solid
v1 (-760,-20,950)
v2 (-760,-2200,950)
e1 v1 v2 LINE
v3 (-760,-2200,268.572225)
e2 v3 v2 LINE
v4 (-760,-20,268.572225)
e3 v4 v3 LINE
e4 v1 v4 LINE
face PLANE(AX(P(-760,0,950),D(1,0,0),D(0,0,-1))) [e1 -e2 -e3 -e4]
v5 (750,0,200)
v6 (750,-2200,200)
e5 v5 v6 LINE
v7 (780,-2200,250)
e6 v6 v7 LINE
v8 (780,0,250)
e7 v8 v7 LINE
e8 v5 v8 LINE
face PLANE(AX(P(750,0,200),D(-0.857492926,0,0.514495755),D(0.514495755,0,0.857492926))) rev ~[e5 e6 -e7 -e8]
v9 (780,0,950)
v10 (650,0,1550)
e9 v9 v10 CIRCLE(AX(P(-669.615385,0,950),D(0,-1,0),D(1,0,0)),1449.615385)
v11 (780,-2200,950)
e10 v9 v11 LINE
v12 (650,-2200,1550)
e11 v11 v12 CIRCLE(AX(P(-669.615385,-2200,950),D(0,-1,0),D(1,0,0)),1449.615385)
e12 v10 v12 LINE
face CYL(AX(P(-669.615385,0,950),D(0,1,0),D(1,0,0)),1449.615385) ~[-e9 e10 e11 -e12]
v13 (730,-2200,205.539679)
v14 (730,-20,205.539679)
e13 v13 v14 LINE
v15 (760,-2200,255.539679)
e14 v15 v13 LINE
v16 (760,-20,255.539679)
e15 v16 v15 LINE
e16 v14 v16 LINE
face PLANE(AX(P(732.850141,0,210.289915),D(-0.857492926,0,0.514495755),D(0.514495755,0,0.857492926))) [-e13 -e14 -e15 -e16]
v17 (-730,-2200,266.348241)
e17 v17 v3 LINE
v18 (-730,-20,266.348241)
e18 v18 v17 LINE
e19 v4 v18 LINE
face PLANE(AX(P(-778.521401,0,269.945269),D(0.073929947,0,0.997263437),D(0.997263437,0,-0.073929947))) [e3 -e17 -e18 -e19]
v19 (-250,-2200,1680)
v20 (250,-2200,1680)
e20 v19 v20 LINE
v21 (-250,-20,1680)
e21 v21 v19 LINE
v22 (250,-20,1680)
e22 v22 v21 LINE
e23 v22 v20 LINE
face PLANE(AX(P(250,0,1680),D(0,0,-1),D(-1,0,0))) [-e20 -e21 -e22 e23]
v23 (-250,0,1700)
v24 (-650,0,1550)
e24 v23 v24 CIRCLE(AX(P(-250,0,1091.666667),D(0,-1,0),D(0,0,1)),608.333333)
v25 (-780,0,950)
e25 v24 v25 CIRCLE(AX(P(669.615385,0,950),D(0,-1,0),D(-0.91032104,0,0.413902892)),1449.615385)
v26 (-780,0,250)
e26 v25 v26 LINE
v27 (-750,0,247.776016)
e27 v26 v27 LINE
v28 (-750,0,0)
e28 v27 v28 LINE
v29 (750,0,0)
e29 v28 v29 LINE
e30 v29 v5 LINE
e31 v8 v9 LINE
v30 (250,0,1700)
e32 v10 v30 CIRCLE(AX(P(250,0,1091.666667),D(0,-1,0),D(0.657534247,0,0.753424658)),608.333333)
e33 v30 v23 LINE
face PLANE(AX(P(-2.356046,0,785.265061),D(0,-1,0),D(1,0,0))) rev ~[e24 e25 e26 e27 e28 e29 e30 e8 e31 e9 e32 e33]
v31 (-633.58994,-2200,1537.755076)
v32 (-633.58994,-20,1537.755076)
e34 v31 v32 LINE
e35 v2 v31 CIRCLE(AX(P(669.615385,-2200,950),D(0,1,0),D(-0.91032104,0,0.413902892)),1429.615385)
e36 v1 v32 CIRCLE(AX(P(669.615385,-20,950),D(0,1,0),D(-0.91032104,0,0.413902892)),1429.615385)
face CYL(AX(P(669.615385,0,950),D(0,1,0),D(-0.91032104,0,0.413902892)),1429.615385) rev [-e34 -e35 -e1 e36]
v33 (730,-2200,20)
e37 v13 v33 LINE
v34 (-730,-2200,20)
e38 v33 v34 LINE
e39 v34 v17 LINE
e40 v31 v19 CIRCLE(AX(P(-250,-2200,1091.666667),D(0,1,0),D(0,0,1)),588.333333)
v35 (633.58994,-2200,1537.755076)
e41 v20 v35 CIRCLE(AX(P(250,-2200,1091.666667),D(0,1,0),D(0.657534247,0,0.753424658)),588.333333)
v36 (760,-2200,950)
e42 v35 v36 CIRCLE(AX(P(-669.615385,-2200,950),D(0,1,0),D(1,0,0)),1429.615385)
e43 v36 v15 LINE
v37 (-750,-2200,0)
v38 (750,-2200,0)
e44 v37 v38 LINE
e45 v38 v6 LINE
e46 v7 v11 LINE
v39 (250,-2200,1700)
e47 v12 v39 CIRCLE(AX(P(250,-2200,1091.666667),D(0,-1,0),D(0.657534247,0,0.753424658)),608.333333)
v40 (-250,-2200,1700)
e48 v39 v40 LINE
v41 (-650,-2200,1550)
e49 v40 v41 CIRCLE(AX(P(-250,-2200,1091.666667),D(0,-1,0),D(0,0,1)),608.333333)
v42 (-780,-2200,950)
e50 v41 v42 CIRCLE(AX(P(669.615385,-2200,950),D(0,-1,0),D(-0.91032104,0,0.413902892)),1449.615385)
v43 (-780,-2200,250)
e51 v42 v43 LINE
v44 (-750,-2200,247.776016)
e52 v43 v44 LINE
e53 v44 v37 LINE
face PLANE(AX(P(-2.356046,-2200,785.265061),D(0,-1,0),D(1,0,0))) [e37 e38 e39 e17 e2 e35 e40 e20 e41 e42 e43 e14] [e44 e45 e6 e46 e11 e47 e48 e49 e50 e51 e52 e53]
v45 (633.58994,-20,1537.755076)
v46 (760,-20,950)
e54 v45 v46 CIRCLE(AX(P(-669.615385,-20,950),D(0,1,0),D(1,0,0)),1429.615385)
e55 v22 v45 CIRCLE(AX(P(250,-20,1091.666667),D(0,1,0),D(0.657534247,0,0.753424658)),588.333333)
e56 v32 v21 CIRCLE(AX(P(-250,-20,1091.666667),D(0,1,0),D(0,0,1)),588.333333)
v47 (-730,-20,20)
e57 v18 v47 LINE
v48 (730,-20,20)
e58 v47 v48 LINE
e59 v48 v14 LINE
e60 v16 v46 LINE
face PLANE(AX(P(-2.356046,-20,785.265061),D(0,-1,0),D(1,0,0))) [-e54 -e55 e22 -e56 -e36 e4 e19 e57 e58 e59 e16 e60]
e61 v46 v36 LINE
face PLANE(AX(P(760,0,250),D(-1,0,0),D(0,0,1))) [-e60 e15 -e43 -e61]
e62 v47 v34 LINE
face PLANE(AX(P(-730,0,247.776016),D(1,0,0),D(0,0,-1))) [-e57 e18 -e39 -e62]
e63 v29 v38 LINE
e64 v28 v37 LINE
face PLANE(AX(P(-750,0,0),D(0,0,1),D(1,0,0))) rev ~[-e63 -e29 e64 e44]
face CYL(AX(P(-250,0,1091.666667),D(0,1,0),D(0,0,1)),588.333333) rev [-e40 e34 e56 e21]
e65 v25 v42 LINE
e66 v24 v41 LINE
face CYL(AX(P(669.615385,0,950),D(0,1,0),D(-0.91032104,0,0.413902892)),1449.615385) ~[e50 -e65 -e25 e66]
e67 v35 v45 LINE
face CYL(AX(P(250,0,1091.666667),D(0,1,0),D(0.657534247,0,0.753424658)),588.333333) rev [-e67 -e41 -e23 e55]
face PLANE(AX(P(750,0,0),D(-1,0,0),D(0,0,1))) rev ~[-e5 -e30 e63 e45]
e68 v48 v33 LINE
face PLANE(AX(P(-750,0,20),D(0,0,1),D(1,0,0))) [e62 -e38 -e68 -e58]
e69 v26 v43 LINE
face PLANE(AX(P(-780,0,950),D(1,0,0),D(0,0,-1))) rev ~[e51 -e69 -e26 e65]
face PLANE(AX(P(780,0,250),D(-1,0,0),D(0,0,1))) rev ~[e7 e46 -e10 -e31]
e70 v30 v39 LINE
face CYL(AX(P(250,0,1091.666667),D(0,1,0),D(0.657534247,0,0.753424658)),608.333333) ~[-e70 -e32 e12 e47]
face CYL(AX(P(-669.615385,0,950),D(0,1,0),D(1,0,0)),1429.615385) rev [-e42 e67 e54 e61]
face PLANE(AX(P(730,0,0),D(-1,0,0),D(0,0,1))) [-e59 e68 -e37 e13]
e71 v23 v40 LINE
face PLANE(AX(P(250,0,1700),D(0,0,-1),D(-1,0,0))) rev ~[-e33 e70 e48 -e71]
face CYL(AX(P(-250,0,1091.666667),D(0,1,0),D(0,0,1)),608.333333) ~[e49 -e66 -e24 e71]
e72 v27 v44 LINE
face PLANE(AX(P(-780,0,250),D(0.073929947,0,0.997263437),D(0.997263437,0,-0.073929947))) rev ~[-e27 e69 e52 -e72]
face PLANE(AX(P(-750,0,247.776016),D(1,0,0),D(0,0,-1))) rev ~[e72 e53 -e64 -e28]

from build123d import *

# Parameters (mm, degrees)
F1_DEPTH = 2200
F2_T     = -20


with BuildPart() as f1:
    # F0 (on Front) → F1 (new body)
    with BuildSketch(Plane.XZ):
        with BuildLine():
            Line((-750, 247.7760155038), (-750, 0))
            Line((-750, 0), (750, 0))
            Line((750, 0), (750, 200))
            Line((750, 200), (780, 250))
            Line((780, 250), (780, 950))
            ThreePointArc((780, 950), (747.1272749081, 1256.9609095634), (650, 1550))
            ThreePointArc((650, 1550), (463.6000936329, 1661.2669163545), (250, 1700))
            Line((250, 1700), (-250, 1700))
            ThreePointArc((-250, 1700), (-463.6000936329, 1661.2669163545), (-650, 1550))
            ThreePointArc((-650, 1550), (-747.1272749081, 1256.9609095634), (-780, 950))
            Line((-780, 950), (-780, 250))
            Line((-780, 250), (-750, 247.7760155038))
        make_face()
    extrude(amount=F1_DEPTH)

    # F2
    f2_openings = [f1.faces().sort_by_distance(p)[0] for p in [
        (0.216994, -2200, 818.750075),
    ]]
    offset(amount=F2_T, openings=f2_openings, kind=Kind.INTERSECTION)


solid = f1.part
